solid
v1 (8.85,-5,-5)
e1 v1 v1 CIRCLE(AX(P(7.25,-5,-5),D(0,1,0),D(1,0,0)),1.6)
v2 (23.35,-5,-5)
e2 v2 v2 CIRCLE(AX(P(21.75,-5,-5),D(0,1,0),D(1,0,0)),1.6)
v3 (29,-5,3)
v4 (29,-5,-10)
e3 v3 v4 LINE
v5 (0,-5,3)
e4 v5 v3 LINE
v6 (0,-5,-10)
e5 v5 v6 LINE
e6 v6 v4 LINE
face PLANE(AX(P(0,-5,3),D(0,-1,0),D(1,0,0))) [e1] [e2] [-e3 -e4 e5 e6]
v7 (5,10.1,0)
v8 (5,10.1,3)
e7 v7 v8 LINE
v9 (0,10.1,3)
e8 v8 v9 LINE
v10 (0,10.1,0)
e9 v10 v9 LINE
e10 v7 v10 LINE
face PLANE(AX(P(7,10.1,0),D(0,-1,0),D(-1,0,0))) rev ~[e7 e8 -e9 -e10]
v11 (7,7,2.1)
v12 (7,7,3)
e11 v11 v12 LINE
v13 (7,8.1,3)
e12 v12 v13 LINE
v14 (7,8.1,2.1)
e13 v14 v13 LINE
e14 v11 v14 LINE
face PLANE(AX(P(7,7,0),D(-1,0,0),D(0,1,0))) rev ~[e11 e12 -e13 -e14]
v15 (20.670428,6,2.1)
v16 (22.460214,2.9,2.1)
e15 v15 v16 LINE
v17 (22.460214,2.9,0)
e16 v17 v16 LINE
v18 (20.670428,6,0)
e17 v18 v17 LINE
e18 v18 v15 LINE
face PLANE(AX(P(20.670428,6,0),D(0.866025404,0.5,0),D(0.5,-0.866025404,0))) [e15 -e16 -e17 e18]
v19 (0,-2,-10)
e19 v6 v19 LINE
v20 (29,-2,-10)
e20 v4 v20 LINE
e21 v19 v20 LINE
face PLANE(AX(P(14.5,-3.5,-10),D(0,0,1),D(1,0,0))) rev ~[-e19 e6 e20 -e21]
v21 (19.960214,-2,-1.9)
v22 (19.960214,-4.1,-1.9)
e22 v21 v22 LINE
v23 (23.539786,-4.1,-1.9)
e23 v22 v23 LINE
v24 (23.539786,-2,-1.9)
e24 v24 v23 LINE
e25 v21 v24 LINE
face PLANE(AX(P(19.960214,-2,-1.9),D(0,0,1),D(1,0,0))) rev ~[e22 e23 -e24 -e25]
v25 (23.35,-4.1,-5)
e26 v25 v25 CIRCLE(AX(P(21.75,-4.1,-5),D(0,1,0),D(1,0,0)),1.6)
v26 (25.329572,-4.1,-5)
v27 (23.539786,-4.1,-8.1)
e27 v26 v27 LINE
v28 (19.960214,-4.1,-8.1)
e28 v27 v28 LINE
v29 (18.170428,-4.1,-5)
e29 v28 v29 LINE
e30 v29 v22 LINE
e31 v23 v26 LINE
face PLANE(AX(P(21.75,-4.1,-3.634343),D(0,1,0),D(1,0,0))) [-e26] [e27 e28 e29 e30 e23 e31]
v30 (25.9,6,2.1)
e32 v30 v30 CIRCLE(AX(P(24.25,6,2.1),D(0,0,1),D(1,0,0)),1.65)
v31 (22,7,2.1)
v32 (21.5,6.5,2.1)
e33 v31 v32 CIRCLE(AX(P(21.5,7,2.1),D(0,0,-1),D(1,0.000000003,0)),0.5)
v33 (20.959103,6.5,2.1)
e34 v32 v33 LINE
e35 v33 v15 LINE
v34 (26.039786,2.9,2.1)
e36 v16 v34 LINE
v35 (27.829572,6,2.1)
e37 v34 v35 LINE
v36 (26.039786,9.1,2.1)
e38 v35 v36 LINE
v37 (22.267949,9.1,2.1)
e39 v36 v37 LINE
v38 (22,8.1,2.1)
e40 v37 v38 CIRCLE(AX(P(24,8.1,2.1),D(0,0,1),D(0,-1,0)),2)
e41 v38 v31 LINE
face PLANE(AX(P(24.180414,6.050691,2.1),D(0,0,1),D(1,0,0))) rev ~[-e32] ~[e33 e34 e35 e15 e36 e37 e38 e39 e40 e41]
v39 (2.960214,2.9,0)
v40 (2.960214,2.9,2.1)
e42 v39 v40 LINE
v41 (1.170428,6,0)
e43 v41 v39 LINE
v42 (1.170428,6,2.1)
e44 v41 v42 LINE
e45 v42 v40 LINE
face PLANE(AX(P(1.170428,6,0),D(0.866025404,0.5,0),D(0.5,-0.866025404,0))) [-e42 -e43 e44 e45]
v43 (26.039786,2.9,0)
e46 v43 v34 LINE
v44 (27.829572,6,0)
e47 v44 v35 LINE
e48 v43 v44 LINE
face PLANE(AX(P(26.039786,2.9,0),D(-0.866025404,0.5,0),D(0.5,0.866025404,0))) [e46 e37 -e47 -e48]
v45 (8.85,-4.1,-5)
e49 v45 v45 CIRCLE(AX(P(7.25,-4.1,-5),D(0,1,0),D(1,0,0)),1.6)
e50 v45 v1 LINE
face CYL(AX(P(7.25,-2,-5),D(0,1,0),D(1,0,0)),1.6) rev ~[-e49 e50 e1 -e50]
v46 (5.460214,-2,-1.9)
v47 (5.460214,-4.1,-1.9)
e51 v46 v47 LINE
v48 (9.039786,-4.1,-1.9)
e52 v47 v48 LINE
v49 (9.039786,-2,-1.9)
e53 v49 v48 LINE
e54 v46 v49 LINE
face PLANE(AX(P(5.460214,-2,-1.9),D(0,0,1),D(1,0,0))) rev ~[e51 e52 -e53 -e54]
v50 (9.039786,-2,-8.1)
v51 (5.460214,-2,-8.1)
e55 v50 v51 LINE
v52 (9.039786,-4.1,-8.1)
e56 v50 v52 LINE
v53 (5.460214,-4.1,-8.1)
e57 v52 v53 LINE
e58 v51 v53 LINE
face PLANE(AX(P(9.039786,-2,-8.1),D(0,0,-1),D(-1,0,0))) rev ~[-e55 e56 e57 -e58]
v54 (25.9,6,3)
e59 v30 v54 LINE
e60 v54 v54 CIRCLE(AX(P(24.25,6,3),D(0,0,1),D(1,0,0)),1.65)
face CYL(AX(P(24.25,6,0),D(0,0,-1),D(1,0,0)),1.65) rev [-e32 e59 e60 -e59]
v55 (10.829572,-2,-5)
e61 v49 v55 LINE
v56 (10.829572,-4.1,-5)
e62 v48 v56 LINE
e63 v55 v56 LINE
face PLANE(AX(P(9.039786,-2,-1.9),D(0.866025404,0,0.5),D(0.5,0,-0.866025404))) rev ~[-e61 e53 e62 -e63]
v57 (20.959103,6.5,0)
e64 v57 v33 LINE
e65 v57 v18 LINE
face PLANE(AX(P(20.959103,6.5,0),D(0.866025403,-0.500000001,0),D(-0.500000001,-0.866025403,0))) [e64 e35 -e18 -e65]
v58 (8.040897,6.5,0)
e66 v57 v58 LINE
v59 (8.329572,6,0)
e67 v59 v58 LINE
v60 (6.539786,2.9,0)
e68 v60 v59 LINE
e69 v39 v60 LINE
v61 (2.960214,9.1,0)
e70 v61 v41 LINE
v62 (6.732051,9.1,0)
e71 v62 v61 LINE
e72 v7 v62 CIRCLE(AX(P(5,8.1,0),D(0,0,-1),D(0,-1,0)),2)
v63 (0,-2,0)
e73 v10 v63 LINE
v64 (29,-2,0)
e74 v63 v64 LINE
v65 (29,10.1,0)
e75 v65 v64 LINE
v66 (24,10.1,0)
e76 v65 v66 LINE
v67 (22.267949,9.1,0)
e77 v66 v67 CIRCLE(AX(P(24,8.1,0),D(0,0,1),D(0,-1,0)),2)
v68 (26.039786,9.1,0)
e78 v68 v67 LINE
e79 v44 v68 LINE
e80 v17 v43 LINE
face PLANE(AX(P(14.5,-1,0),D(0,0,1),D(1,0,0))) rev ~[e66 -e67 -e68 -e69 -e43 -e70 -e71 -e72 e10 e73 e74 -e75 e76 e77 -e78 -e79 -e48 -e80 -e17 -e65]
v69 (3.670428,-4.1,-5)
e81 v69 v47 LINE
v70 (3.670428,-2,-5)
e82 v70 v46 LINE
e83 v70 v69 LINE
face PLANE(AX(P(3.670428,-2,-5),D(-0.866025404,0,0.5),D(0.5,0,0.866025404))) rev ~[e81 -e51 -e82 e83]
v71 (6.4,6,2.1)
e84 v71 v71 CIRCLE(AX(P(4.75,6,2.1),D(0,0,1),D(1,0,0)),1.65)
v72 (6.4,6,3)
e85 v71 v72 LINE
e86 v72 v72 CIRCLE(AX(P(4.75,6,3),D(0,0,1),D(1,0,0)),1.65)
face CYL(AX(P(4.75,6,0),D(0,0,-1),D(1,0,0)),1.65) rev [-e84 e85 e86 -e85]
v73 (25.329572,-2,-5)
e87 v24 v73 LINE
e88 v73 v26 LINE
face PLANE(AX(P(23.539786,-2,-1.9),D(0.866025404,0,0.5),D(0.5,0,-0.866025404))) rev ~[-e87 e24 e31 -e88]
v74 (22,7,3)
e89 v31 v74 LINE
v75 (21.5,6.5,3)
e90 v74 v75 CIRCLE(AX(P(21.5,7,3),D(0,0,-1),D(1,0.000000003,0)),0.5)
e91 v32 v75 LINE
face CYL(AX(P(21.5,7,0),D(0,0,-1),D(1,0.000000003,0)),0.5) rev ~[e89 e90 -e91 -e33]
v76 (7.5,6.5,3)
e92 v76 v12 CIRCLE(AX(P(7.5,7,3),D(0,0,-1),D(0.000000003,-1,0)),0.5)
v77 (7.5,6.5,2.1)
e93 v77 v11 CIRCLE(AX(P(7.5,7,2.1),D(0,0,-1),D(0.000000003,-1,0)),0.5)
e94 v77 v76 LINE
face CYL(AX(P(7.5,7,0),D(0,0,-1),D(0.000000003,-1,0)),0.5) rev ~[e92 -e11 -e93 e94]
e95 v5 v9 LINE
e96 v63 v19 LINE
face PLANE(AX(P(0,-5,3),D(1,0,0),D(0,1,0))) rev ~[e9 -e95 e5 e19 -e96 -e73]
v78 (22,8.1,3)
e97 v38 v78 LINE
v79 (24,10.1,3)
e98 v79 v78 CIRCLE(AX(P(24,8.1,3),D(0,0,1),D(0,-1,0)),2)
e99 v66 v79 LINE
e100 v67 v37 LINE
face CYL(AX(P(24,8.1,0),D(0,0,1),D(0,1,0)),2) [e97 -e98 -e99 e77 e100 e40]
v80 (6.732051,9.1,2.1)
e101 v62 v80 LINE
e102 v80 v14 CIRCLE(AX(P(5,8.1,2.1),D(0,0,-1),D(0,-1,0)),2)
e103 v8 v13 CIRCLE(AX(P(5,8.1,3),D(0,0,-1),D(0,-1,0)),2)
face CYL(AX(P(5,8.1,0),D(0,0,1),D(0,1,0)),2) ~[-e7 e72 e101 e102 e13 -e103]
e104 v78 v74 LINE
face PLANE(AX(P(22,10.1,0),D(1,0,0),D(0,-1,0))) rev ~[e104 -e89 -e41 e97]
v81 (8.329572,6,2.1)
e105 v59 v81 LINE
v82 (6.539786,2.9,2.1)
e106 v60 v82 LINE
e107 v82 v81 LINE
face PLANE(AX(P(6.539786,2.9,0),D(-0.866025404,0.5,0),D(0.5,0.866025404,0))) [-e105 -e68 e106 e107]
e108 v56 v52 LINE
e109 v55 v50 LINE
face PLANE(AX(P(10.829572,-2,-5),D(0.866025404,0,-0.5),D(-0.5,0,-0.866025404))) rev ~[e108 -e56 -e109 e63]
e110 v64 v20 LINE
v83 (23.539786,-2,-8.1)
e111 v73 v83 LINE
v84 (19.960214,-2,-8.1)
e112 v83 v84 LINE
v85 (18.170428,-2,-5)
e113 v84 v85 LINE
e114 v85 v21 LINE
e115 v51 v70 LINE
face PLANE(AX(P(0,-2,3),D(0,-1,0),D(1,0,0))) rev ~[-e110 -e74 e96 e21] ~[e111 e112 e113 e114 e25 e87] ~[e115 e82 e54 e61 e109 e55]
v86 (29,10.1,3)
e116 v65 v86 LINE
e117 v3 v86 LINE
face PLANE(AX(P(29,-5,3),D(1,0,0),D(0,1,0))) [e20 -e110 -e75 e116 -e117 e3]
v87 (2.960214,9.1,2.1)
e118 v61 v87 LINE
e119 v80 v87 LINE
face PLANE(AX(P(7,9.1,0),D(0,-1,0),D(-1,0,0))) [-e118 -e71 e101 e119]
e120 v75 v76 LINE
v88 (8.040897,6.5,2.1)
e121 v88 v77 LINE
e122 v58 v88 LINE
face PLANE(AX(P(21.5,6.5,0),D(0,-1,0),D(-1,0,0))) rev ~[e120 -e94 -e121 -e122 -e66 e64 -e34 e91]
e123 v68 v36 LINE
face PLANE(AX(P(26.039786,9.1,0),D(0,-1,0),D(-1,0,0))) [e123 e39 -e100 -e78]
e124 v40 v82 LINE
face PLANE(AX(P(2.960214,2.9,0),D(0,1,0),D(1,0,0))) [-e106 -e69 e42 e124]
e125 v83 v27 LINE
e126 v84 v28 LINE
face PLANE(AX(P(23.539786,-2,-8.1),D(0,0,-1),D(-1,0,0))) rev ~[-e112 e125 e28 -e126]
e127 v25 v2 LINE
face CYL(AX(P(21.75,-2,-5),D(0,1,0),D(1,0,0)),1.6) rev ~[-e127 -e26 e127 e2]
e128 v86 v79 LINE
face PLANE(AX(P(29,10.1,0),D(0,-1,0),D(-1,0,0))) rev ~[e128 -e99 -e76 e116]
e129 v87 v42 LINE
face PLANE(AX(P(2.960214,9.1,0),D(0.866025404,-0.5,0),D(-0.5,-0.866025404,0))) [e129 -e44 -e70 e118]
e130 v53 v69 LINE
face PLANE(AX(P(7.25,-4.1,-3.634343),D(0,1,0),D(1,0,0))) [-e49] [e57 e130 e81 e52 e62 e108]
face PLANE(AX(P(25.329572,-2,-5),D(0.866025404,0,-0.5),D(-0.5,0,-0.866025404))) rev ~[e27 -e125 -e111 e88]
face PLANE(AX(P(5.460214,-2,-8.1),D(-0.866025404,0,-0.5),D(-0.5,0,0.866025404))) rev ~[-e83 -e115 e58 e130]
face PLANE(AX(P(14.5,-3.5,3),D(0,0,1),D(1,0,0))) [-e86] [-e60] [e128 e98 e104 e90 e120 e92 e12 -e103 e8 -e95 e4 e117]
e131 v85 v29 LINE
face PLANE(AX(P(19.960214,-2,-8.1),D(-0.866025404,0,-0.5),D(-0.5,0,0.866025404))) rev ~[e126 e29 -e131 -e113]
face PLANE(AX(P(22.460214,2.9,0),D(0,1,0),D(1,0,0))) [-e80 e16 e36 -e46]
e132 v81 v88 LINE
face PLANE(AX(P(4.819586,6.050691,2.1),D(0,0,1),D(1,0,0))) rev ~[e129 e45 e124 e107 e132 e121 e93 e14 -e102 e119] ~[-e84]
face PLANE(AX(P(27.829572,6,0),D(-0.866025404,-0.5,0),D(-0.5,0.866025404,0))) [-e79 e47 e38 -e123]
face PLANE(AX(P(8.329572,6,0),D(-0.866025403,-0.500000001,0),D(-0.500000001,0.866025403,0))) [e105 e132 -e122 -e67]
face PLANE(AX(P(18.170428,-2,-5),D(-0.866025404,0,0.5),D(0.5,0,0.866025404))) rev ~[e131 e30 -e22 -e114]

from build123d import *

# Parameters (mm, degrees)
SKETCH1_R           = 1.65
BOSS_EXTRUDE1_DEPTH = 3
SKETCH1_3_R         = 1.65
CUT_EXTRUDE1_DEPTH  = 2.1
FILLET3_R           = 2
SKETCH2_W           = 29
SKETCH2_H           = 2
BOSS_EXTRUDE2_DEPTH = 3
SKETCH2_3_W         = 29
SKETCH2_3_H         = 3
BOSS_EXTRUDE3_DEPTH = 13
SKETCH3_R           = 1.6
CUT_EXTRUDE2_DEPTH  = 33.975900291
SKETCH3_3_R         = 1.6
CUT_EXTRUDE3_DEPTH  = 2.1


with BuildPart() as part:
    # Sketch1 → Boss-Extrude1 (new body)
    with BuildSketch(Plane.XY):
        with BuildLine():
            Line((0, 0), (29, 0))
            Line((29, 0), (29, 10.1))
            Line((29, 10.1), (22, 10.1))
            Line((22, 10.1), (22, 7))
            ThreePointArc((22, 7), (21.853553391, 6.646446609), (21.5, 6.5))
            Line((21.5, 6.5), (7.5, 6.5))
            ThreePointArc((7.5, 6.5), (7.146446609, 6.646446609), (7, 7))
            Line((7, 7), (7, 10.1))
            Line((7, 10.1), (0, 10.1))
            Line((0, 10.1), (0, 0))
        make_face()
        with Locations((4.75, 6)):
            Circle(SKETCH1_R, mode=Mode.SUBTRACT)
        with Locations((24.25, 6)):
            Circle(SKETCH1_R, mode=Mode.SUBTRACT)
    extrude(amount=BOSS_EXTRUDE1_DEPTH)

    # Sketch1<3> → Cut-Extrude1 (cut)
    # profile 1 of 2: a face of its own
    with BuildSketch(Plane.XY):
        with BuildLine():
            Line((2.960214166, 9.1), (1.170428331, 6))
            Line((1.170428331, 6), (2.960214166, 2.9))
            Line((2.960214166, 2.9), (6.539785834, 2.9))
            Line((6.539785834, 2.9), (8.329571669, 6))
            Line((8.329571669, 6), (8.040896534, 6.5))
            Line((8.040896534, 6.5), (7.5, 6.5))
            ThreePointArc((7.5, 6.5), (7.146446609, 6.646446609), (7, 7))
            Line((7, 7), (7, 9.1))
            Line((7, 9.1), (2.960214166, 9.1))
        make_face()
        with Locations((4.75, 6)):
            Circle(SKETCH1_3_R, mode=Mode.SUBTRACT)
    # profile 2 of 2: a face of its own
    with BuildSketch(Plane.XY):
        with BuildLine():
            Line((27.829571669, 6), (26.039785834, 9.1))
            Line((26.039785834, 9.1), (22, 9.1))
            Line((22, 9.1), (22, 7))
            ThreePointArc((22, 7), (21.853553391, 6.646446609), (21.5, 6.5))
            Line((21.5, 6.5), (20.959103466, 6.5))
            Line((20.959103466, 6.5), (20.670428331, 6))
            Line((20.670428331, 6), (22.460214166, 2.9))
            Line((22.460214166, 2.9), (26.039785834, 2.9))
            Line((26.039785834, 2.9), (27.829571669, 6))
        make_face()
        with Locations((24.25, 6)):
            Circle(SKETCH1_3_R, mode=Mode.SUBTRACT)
    extrude(amount=CUT_EXTRUDE1_DEPTH, mode=Mode.SUBTRACT)

    # Fillet3
    fillet3_edges = [part.edges().sort_by_distance(p)[0] for p in [
        (7, 10.1, 1.5),
        (22, 10.1, 1.5),
    ]]
    fillet(fillet3_edges, radius=FILLET3_R)

    # Sketch2 → Boss-Extrude2 (add)
    with BuildSketch(Plane.XY.offset(3)):
        with Locations((14.5, -1)):
            Rectangle(SKETCH2_W, SKETCH2_H)
    extrude(amount=-BOSS_EXTRUDE2_DEPTH)

    # Sketch2<3> → Boss-Extrude3 (add)
    with BuildSketch(Plane.XY.offset(3)):
        with Locations((14.5, -3.5)):
            Rectangle(SKETCH2_3_W, SKETCH2_3_H)
    extrude(amount=-BOSS_EXTRUDE3_DEPTH)

    # Sketch3 → Cut-Extrude2 (cut, through all)
    with BuildSketch(Plane(origin=(0, -2, 0), x_dir=(1, 0, 0), z_dir=(0, 1, 0))):
        with Locations((21.75, 5)):
            Circle(SKETCH3_R)
        with Locations((7.25, 5)):
            Circle(SKETCH3_R)
    extrude(amount=-CUT_EXTRUDE2_DEPTH, mode=Mode.SUBTRACT)

    # Sketch3<3> → Cut-Extrude3 (cut)
    # profile 1 of 2: a face of its own
    with BuildSketch(Plane(origin=(0, -2, 0), x_dir=(1, 0, 0), z_dir=(0, 1, 0))):
        Polygon((23.539785834, 1.9), (25.329571669, 5), (23.539785834, 8.1), (19.960214166, 8.1), (18.170428331, 5), (19.960214166, 1.9), align=None)
        with Locations((21.75, 5)):
            Circle(SKETCH3_3_R, mode=Mode.SUBTRACT)
    # profile 2 of 2: a face of its own
    with BuildSketch(Plane(origin=(0, -2, 0), x_dir=(1, 0, 0), z_dir=(0, 1, 0))):
        Polygon((9.039785834, 1.9), (10.829571669, 5), (9.039785834, 8.1), (5.460214166, 8.1), (3.670428331, 5), (5.460214166, 1.9), align=None)
        with Locations((7.25, 5)):
            Circle(SKETCH3_3_R, mode=Mode.SUBTRACT)
    extrude(amount=-CUT_EXTRUDE3_DEPTH, mode=Mode.SUBTRACT)


solid = part.part
